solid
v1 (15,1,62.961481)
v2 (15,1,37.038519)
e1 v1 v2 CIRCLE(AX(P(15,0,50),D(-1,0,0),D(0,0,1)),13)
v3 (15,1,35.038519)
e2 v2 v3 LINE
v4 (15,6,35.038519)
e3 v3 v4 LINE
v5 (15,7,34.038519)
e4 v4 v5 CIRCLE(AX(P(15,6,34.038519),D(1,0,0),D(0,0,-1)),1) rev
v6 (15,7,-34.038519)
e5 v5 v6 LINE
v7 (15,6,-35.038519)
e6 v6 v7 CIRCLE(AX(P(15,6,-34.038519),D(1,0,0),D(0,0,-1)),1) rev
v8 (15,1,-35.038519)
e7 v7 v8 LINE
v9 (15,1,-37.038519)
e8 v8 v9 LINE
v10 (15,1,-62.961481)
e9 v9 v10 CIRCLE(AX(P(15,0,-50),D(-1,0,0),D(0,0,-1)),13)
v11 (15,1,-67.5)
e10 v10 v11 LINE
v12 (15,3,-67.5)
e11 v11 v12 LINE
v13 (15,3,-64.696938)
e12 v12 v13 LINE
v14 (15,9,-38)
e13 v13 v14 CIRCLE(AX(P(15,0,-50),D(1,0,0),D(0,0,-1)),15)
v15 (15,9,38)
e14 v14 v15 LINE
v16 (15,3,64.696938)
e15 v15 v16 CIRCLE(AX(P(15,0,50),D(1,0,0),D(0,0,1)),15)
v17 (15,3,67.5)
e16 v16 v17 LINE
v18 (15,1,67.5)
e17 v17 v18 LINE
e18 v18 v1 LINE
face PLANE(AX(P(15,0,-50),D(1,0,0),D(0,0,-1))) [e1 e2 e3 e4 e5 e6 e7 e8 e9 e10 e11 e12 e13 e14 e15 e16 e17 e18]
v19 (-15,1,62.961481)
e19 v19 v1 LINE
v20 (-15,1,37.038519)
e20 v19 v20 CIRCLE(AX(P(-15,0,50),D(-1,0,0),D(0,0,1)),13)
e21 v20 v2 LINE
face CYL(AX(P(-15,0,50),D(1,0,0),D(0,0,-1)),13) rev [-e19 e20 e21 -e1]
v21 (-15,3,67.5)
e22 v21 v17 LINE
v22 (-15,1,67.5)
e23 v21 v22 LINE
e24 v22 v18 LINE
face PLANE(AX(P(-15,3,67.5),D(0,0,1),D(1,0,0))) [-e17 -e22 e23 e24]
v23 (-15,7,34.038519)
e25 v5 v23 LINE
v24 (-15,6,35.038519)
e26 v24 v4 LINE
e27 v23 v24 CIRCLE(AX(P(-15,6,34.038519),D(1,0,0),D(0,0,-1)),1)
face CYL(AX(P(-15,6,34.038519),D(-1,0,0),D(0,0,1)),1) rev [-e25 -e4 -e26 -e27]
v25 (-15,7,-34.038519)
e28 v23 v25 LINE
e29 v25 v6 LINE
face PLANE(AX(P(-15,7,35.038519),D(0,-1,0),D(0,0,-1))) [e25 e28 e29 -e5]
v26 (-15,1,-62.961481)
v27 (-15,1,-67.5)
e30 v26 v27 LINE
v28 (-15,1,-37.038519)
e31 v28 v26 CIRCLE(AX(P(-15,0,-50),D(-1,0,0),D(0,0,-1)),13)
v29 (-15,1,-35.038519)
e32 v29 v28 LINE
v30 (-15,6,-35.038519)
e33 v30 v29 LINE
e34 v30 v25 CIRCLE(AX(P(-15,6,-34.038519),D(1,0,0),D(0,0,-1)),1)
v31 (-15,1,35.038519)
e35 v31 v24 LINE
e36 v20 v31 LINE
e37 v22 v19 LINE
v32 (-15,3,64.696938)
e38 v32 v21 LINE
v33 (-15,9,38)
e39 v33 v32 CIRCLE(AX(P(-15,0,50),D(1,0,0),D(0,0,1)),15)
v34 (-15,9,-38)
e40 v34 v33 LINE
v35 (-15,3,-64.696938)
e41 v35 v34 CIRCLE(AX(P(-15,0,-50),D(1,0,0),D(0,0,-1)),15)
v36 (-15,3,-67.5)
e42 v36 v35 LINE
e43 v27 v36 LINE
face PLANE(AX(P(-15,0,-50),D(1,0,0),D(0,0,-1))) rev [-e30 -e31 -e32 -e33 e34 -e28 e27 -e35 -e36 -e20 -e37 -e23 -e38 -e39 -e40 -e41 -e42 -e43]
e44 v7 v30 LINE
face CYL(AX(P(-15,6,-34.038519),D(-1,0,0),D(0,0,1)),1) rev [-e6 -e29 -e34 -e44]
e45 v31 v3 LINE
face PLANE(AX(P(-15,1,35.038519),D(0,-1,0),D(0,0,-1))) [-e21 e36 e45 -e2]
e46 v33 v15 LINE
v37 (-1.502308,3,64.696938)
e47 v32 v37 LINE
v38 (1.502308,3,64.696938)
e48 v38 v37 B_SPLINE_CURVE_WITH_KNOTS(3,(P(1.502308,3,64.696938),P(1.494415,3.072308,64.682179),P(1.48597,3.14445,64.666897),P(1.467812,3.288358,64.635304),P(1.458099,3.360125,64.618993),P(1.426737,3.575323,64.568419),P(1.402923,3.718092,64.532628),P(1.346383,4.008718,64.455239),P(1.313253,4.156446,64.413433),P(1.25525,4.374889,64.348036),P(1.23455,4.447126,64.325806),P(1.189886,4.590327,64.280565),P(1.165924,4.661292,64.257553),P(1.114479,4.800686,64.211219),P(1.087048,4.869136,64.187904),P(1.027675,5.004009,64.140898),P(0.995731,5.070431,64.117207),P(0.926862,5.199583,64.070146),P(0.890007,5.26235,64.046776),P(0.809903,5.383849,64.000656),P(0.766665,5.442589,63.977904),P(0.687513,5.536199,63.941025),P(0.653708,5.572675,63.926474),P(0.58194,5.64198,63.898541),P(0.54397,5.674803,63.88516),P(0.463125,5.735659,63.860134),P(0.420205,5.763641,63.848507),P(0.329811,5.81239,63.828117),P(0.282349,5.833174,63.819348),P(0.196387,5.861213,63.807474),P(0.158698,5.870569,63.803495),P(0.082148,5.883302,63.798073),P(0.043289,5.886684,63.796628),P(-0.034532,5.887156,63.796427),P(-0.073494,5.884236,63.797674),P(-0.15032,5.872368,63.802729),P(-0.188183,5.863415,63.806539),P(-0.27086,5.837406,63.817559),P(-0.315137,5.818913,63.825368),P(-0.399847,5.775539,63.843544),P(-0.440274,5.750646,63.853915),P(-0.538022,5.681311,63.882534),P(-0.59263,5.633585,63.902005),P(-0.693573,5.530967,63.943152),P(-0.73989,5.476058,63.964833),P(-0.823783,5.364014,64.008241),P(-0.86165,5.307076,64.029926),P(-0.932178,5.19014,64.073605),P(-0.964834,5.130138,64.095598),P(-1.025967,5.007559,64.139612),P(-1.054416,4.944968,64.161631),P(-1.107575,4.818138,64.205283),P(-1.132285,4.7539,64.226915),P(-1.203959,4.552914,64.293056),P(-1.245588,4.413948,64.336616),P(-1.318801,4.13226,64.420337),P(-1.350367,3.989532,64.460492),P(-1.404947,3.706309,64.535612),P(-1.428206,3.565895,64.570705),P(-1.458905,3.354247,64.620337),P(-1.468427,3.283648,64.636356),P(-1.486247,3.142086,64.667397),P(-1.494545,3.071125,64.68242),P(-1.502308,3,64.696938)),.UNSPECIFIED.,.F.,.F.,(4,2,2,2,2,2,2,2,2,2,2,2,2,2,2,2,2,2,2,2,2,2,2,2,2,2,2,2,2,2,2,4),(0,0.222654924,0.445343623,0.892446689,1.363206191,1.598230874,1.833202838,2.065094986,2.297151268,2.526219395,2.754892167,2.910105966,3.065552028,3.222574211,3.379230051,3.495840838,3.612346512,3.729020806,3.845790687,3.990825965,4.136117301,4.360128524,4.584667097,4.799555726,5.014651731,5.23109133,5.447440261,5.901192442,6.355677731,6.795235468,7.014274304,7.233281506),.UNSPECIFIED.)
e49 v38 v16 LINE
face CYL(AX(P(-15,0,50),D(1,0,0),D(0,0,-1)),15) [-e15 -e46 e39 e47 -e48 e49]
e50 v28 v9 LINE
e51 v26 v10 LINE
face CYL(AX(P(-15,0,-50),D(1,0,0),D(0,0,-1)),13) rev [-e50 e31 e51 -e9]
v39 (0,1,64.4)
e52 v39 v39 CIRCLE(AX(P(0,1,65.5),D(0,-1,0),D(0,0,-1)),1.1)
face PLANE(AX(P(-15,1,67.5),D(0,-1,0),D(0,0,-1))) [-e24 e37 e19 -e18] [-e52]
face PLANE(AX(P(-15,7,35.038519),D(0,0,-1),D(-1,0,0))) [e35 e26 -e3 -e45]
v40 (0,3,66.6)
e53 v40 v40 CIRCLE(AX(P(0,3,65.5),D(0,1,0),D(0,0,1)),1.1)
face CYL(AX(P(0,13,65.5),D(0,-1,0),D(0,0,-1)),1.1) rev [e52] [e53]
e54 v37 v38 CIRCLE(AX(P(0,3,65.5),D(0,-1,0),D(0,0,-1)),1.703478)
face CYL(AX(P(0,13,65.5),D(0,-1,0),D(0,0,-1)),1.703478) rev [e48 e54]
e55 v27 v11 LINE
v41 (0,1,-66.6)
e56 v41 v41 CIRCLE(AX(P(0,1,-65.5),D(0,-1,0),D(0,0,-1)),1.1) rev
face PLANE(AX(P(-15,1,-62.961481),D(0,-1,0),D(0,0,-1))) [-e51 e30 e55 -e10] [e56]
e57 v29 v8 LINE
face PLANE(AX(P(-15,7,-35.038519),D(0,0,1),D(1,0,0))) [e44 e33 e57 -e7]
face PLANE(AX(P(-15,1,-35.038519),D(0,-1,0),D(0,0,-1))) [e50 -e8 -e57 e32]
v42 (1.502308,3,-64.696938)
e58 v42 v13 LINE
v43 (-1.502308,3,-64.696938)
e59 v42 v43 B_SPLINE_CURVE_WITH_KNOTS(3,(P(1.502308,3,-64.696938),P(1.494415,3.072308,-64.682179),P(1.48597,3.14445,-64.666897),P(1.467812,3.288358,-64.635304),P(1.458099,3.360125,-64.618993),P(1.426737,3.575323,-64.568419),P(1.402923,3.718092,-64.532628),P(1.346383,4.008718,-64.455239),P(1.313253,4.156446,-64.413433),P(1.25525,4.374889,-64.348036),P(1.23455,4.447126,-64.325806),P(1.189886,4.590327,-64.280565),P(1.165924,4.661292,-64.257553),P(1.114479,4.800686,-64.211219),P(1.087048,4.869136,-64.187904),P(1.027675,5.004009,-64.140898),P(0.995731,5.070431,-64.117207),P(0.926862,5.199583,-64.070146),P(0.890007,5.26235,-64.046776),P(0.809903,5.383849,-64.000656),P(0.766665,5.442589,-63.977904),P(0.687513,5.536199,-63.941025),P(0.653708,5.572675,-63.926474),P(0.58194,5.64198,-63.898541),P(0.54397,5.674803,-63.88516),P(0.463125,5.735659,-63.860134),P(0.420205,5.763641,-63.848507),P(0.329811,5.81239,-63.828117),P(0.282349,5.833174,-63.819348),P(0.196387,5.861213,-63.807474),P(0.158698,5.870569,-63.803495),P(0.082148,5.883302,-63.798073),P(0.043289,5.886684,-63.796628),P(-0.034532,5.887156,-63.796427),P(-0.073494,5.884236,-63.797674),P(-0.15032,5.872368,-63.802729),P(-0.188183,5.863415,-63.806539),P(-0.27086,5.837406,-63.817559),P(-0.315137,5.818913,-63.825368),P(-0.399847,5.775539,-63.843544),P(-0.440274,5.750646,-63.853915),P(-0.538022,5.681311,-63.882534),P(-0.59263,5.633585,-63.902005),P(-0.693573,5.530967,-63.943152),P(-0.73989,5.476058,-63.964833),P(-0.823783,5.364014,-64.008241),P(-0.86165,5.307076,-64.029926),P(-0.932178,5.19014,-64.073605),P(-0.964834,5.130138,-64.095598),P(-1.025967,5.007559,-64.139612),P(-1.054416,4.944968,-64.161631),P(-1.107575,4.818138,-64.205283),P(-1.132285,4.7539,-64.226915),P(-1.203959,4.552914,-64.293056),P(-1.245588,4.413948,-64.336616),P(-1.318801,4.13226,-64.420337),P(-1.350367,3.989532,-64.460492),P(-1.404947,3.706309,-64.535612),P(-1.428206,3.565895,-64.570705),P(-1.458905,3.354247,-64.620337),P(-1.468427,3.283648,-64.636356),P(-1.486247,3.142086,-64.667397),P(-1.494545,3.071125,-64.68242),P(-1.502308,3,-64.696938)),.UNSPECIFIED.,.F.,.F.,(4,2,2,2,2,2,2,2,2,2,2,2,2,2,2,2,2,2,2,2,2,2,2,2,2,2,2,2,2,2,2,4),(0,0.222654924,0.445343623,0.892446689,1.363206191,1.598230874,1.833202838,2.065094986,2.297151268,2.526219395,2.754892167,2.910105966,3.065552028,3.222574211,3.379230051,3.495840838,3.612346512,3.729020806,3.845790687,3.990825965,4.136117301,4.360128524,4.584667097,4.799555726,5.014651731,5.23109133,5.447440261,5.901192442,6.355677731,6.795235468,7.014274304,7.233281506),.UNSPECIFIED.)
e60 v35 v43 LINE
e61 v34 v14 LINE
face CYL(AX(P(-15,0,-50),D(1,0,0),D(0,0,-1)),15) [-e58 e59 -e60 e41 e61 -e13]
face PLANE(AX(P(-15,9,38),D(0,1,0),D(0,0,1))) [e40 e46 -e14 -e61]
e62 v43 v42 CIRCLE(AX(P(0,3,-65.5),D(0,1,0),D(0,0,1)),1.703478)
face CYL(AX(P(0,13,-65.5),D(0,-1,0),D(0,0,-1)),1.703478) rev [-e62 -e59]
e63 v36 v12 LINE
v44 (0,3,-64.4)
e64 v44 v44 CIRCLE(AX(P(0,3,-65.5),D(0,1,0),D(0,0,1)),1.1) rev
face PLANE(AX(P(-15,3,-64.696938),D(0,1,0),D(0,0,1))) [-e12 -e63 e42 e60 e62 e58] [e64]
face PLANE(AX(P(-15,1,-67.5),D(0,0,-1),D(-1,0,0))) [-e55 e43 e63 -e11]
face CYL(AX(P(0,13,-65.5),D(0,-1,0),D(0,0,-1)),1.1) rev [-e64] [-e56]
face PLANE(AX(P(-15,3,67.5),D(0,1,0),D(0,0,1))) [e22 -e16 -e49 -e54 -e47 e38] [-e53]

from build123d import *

# Parameters (mm, degrees)
EXTRUDE_1_DEPTH      = 15
EXTRUDE_1_DEPTH_BACK = 15
FILLET_4_R           = 1
SKETCH_2_R           = 1.1
CUT_EXTRUDE_1_DEPTH  = 10
SKETCH_3_R           = 1.703478165
CUT_EXTRUDE_2_DEPTH  = 10


with BuildPart() as part:
    # Эскиз1 → Бобышка-Вытянуть1 (new, two sides: drawn at the far end of the back side and taken through both)
    with BuildSketch(Plane(origin=(0, 0, 0), x_dir=(0, 0, -1), z_dir=(1, 0, 0)).offset(-EXTRUDE_1_DEPTH_BACK)):
        with BuildLine():
            Line((-67.5, 3), (-67.5, 1))
            Line((-67.5, 1), (-62.961481397, 1))
            ThreePointArc((-62.961481397, 1), (-50, 13), (-37.038518603, 1))
            Line((-37.038518603, 1), (-35.038518603, 1))
            Line((-35.038518603, 1), (-35.038518603, 7))
            Line((-35.038518603, 7), (35.038518603, 7))
            Line((35.038518603, 7), (35.038518603, 1))
            Line((35.038518603, 1), (37.038518603, 1))
            ThreePointArc((37.038518603, 1), (50, 13), (62.961481397, 1))
            Line((62.961481397, 1), (67.5, 1))
            Line((67.5, 1), (67.5, 3))
            Line((67.5, 3), (64.696938457, 3))
            ThreePointArc((64.696938457, 3), (53.289128952, 14.634945533), (38, 9))
            Line((38, 9), (-38, 9))
            ThreePointArc((-38, 9), (-53.289128952, 14.634945533), (-64.696938457, 3))
            Line((-64.696938457, 3), (-67.5, 3))
        make_face()
    extrude(amount=EXTRUDE_1_DEPTH + EXTRUDE_1_DEPTH_BACK)

    # Скругление4
    fillet_4_edges = [part.edges().sort_by_distance(p)[0] for p in [
        (0, 7, -35.038518603),
        (0, 7, 35.038518603),
    ]]
    fillet(fillet_4_edges, radius=FILLET_4_R)

    # Эскиз2 → Вырез-Вытянуть1 (cut, symmetric)
    with BuildSketch(Plane(origin=(0, 3, 0), x_dir=(1, 0, 0), z_dir=(0, 1, 0))):
        with Locations((0, 65.5)):
            Circle(SKETCH_2_R)
    cut_extrude_1 = extrude(amount=CUT_EXTRUDE_1_DEPTH, both=True, mode=Mode.SUBTRACT)

    # Эскиз3 → Вырез-Вытянуть2 (cut)
    with BuildSketch(Plane(origin=(0, 3, 0), x_dir=(1, 0, 0), z_dir=(0, 1, 0))):
        with Locations((0, 65.5)):
            Circle(SKETCH_3_R)
    cut_extrude_2 = extrude(amount=CUT_EXTRUDE_2_DEPTH, mode=Mode.SUBTRACT)

    # Зеркальное отражение1: Вырез-Вытянуть1, Вырез-Вытянуть2 across plane
    add(cut_extrude_1.mirror(Plane.XY), mode=Mode.SUBTRACT)
    add(cut_extrude_2.mirror(Plane.XY), mode=Mode.SUBTRACT)


solid = part.part
